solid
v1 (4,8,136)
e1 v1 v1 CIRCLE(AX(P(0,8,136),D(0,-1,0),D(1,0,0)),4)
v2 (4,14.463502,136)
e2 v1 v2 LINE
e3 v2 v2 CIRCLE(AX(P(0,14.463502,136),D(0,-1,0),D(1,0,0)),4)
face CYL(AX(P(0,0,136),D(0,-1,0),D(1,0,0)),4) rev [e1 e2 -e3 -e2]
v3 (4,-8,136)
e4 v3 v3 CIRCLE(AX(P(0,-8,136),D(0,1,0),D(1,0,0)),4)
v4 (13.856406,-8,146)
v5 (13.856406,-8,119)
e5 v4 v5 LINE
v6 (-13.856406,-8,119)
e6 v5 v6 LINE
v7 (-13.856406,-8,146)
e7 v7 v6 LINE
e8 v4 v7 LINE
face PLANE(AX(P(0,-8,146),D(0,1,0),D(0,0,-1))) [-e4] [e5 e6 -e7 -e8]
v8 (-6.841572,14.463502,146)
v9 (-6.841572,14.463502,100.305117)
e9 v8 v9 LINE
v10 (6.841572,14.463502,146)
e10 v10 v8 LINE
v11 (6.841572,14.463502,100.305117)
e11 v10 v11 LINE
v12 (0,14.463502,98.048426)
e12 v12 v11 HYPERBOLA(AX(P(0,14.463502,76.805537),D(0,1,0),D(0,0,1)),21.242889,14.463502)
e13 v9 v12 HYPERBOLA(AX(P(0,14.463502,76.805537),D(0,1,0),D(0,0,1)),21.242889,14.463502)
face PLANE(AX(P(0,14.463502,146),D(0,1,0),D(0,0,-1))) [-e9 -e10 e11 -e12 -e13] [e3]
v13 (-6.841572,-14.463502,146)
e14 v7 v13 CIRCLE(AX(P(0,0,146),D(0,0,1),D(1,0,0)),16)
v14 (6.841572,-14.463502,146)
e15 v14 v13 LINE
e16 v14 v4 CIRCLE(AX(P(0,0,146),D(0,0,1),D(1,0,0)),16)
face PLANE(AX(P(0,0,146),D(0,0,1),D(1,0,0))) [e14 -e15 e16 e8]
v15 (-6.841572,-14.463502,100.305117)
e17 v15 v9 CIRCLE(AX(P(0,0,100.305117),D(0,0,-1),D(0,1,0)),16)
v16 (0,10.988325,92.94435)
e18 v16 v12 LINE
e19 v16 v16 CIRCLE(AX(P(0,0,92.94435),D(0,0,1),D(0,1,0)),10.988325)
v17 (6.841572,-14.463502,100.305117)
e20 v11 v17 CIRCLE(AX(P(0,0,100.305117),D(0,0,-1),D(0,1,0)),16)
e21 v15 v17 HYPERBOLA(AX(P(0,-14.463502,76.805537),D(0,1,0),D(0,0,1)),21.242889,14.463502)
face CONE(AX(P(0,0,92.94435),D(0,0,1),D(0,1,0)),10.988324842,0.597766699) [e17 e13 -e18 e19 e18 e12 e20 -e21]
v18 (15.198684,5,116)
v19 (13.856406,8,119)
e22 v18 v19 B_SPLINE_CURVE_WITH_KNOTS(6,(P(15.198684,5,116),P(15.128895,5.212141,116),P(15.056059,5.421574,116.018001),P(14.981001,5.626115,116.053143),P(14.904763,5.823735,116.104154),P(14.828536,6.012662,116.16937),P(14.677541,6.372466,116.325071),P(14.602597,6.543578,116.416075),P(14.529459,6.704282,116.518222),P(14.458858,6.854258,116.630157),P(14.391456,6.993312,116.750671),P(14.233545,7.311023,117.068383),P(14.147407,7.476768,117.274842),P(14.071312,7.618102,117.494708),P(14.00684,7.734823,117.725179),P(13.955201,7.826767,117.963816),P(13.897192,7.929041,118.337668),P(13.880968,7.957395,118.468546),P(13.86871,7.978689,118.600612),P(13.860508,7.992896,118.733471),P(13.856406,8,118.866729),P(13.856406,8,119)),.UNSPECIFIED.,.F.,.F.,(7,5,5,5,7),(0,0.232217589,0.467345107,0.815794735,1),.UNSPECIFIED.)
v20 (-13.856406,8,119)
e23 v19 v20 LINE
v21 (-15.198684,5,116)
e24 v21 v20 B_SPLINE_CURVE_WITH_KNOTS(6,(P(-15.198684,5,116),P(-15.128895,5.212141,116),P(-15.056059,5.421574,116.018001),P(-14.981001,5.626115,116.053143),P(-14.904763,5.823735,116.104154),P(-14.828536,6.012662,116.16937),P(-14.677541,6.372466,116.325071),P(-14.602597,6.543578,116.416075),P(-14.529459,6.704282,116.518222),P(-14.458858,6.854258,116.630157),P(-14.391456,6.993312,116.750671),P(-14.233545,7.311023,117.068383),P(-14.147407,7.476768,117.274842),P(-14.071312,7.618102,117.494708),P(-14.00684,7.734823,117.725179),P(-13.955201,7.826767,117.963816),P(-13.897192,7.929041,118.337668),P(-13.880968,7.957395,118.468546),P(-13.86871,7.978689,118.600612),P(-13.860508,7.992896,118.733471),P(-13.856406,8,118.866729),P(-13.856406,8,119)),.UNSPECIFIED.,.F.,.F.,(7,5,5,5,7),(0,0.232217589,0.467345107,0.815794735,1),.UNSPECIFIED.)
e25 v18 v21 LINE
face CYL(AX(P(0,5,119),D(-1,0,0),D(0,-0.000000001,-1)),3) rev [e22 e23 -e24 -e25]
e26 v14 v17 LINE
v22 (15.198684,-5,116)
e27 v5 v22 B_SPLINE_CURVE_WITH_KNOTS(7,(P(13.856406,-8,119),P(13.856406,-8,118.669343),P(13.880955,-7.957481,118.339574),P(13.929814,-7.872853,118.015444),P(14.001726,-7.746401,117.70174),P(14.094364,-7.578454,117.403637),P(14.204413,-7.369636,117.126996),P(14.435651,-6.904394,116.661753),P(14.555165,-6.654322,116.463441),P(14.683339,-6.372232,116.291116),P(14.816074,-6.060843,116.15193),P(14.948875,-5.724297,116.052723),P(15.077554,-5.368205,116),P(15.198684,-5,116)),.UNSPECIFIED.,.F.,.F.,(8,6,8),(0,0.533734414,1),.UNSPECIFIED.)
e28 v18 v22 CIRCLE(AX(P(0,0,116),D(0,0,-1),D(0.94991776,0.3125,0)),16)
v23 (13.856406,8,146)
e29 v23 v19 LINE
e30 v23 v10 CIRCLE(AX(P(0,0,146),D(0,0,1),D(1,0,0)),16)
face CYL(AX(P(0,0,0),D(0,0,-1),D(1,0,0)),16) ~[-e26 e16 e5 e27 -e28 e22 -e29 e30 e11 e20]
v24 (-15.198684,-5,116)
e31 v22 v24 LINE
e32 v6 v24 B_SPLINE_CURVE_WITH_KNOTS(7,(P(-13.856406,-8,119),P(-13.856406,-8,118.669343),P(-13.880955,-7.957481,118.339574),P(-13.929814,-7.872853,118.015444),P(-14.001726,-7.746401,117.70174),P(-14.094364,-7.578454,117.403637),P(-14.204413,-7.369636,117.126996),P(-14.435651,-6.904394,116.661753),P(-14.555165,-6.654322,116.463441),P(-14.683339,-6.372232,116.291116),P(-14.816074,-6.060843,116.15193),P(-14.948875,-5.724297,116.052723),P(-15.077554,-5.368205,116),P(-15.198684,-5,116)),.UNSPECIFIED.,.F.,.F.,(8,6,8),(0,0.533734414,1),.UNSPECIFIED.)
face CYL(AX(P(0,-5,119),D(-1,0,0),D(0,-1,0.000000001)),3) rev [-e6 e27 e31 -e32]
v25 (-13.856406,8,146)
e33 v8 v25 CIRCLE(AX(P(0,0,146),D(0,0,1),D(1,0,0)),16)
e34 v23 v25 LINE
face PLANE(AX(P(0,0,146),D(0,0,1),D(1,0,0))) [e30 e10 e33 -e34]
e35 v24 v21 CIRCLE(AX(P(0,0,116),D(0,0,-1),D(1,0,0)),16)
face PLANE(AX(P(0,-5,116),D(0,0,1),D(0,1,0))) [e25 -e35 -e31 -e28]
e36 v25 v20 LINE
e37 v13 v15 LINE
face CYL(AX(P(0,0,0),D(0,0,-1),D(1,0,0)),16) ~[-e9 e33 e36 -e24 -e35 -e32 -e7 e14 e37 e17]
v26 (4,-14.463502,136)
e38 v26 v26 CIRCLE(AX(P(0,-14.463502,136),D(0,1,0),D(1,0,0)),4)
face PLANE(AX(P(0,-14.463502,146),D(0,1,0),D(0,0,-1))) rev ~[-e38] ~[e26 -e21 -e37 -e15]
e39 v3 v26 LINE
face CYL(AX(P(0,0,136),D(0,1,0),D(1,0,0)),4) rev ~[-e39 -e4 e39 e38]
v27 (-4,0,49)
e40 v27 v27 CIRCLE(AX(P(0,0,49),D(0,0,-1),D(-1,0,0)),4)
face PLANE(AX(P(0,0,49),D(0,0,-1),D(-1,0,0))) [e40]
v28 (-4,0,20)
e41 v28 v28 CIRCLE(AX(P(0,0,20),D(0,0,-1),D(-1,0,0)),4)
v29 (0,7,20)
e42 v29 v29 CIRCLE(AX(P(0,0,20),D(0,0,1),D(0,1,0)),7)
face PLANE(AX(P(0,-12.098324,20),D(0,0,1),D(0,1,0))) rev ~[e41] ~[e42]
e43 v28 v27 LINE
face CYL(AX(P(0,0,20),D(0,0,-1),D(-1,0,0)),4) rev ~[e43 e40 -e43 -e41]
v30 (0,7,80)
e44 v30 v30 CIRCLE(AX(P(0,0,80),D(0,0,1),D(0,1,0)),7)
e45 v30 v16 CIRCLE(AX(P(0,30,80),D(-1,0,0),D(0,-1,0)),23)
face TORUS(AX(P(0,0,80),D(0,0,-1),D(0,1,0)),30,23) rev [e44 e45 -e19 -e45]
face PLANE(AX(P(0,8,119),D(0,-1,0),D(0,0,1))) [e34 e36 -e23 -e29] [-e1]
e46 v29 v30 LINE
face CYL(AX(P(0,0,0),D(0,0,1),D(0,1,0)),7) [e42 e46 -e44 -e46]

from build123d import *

# Parameters (mm, degrees)
SKETCH1_R               = 16
BOSS_EXTRUDE1_DEPTH     = 146
SKETCH2_W               = 150.836885197
SKETCH2_H               = 19.135619971
CUT_EXTRUDE2_DEPTH      = 17
CUT_EXTRUDE2_DEPTH_BACK = 17
SKETCH3_R               = 4
CUT_EXTRUDE3_DEPTH      = 15.463502114
CUT_EXTRUDE3_DEPTH_BACK = 15.463502114
SKETCH5_W               = 20
SKETCH5_H               = 24.196648242
CUT_EXTRUDE4_DEPTH      = 17.0000001
CUT_EXTRUDE4_DEPTH_BACK = 17.0000001
SKETCH6_R               = 4
CUT_EXTRUDE5_DEPTH      = 29


with BuildPart() as part:
    # Sketch1 → Boss-Extrude1 (new body)
    with BuildSketch(Plane.XY):
        Circle(SKETCH1_R)
    extrude(amount=BOSS_EXTRUDE1_DEPTH)

    # Sketch2 → Cut-Extrude2 (cut, two sides)
    with BuildSketch(Plane(origin=(0, 0, 0), x_dir=(0, 0, -1), z_dir=(1, 0, 0))) as cut_extrude2_sk:
        with BuildLine():
            Line((-116, -5), (-116, 5))
            ThreePointArc((-116, 5), (-116.878679656, 7.121320344), (-119, 8))
            Line((-119, 8), (-146, 8))
            Line((-146, 8), (-146, -8))
            Line((-146, -8), (-119, -8))
            ThreePointArc((-119, -8), (-116.878679656, -7.121320344), (-116, -5))
        make_face()
        with Locations((-70.581557402, -24.031312)):
            Rectangle(SKETCH2_W, SKETCH2_H)
        with Locations((-70.581557402, 24.031312)):
            Rectangle(SKETCH2_W, SKETCH2_H)
    extrude(amount=CUT_EXTRUDE2_DEPTH, mode=Mode.SUBTRACT)
    extrude(cut_extrude2_sk.sketch, amount=-CUT_EXTRUDE2_DEPTH_BACK, mode=Mode.SUBTRACT)

    # Sketch3 → Cut-Extrude3 (cut, two sides)
    with BuildSketch(Plane(origin=(0, 0, 0), x_dir=(1, 0, 0), z_dir=(0, 1, 0))) as cut_extrude3_sk:
        with Locations((0, -136)):
            Circle(SKETCH3_R)
    extrude(amount=CUT_EXTRUDE3_DEPTH, mode=Mode.SUBTRACT)
    extrude(cut_extrude3_sk.sketch, amount=-CUT_EXTRUDE3_DEPTH_BACK, mode=Mode.SUBTRACT)

    # Sketch4 → Cut-Revolve3 (revolve, cut)
    with BuildSketch(Plane(origin=(0, 0, 0), x_dir=(0, 0, -1), z_dir=(1, 0, 0))):
        with BuildLine():
            Line((0, 7), (-80, 7))
            ThreePointArc((-80, 7), (-86.772424654, 8.019684618), (-92.944350416, 10.988324842))
            Line((-92.944350416, 10.988324842), (-118.219798108, 28.197447612))
            Line((-118.219798108, 28.197447612), (0, 28.197447612))
            Line((0, 28.197447612), (0, 7))
        make_face()
    revolve(axis=Axis((0, 0, 0), (0, 0, 1)), mode=Mode.SUBTRACT)

    # Sketch5 → Cut-Extrude4 (cut, two sides)
    with BuildSketch(Plane(origin=(0, 0, 0), x_dir=(0, 0, -1), z_dir=(1, 0, 0))) as cut_extrude4_sk:
        with Locations((-10, 0)):
            Rectangle(SKETCH5_W, SKETCH5_H)
    extrude(amount=CUT_EXTRUDE4_DEPTH, mode=Mode.SUBTRACT)
    extrude(cut_extrude4_sk.sketch, amount=-CUT_EXTRUDE4_DEPTH_BACK, mode=Mode.SUBTRACT)

    # Sketch6 → Cut-Extrude5 (cut)
    with BuildSketch(Plane(origin=(0, 0, 20), x_dir=(-1, 0, 0), z_dir=(0, 0, -1))):
        Circle(SKETCH6_R)
    extrude(amount=-CUT_EXTRUDE5_DEPTH, mode=Mode.SUBTRACT)


solid = part.part
